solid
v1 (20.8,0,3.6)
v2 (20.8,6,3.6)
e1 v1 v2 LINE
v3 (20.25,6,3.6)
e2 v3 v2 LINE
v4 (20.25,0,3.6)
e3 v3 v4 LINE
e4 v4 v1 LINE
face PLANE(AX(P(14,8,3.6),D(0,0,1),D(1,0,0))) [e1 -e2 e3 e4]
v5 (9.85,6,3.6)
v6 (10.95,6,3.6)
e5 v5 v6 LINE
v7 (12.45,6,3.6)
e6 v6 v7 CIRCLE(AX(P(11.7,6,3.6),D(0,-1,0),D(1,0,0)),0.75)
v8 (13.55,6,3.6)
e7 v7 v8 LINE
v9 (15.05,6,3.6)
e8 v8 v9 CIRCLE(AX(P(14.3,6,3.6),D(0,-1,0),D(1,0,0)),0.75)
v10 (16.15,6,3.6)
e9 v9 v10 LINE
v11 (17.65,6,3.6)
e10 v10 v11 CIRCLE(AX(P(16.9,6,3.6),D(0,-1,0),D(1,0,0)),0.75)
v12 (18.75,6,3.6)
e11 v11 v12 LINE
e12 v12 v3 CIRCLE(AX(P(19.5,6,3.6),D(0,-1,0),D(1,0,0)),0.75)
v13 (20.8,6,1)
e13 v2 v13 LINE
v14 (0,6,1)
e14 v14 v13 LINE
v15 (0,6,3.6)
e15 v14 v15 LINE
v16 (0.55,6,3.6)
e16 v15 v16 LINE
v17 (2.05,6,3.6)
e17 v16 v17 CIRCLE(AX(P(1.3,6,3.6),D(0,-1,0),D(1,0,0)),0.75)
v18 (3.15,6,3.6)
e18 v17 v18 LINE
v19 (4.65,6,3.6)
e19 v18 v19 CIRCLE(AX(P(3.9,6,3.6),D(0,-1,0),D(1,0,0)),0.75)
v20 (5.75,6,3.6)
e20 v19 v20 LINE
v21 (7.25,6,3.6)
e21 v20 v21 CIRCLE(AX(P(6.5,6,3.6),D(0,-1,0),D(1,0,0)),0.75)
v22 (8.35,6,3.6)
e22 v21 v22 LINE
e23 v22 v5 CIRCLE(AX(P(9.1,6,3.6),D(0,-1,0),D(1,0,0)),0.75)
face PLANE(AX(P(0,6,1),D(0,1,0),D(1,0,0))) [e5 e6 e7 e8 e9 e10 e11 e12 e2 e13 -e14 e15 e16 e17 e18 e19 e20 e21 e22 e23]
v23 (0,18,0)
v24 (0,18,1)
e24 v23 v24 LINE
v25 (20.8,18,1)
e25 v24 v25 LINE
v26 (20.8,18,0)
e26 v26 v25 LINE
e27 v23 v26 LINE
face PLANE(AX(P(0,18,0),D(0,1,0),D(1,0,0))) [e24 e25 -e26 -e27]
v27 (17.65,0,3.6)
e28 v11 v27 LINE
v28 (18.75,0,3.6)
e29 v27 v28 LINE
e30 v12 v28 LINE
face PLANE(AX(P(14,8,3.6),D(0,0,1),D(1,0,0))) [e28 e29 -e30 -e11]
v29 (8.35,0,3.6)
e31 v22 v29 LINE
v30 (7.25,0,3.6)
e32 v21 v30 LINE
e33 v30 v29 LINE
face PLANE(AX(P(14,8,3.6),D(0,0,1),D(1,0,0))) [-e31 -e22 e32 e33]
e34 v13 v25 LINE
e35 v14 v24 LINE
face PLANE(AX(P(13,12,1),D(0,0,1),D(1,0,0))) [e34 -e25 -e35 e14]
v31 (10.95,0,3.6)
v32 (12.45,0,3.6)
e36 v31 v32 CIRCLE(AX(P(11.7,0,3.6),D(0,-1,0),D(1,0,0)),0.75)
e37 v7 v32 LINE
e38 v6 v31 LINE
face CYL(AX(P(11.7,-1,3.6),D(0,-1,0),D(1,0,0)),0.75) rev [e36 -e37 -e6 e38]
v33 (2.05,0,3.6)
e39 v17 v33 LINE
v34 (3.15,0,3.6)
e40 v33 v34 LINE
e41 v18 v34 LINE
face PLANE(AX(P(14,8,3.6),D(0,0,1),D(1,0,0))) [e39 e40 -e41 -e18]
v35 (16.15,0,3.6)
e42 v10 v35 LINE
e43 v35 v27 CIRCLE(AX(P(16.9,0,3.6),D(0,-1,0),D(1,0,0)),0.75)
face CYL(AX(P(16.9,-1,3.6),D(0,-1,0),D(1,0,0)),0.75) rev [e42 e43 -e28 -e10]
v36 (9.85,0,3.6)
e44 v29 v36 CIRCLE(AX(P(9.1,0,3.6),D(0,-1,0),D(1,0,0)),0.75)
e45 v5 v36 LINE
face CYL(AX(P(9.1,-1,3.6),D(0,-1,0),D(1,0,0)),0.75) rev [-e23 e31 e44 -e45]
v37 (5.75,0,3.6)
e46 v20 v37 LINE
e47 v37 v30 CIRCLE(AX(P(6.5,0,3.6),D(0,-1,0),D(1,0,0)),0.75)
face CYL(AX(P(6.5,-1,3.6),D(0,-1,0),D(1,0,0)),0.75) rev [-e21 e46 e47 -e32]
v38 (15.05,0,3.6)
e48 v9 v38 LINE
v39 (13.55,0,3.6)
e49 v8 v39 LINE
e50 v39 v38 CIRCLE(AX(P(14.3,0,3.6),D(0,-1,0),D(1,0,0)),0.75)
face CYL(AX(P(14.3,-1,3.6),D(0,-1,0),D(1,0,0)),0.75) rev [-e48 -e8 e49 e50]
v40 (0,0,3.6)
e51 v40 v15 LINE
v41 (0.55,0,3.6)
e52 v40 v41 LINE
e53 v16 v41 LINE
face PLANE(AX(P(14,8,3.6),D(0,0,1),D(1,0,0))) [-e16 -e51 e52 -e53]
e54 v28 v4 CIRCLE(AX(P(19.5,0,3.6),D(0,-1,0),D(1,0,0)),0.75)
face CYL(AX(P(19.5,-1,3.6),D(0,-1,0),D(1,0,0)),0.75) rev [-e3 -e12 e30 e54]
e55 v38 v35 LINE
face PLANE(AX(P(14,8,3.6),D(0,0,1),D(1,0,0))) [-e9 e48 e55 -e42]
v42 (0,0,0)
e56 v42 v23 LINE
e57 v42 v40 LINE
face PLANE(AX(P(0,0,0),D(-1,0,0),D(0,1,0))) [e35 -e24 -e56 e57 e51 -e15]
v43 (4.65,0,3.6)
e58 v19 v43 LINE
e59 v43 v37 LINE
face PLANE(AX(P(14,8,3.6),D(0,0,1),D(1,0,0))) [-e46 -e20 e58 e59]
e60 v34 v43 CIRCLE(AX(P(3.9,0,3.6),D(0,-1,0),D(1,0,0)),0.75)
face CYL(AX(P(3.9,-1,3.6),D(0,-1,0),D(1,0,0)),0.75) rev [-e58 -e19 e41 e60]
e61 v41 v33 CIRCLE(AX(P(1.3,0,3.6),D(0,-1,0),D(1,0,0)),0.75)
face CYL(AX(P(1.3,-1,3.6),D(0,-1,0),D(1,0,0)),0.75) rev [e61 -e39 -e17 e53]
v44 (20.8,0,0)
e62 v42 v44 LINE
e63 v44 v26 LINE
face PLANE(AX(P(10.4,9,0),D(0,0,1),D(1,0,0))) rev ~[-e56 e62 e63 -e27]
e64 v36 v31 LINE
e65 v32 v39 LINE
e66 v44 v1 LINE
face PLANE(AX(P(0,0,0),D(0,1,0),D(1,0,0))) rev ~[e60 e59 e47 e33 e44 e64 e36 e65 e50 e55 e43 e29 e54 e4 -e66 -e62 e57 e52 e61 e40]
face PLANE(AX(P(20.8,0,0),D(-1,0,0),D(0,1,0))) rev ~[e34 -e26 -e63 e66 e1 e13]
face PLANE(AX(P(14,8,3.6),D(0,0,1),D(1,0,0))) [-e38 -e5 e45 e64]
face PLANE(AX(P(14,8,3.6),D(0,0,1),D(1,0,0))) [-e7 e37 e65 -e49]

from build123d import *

# Parameters (mm, degrees)
BOX022_W          = 30
BOX022_H          = 20
BOX022_DEPTH      = 9.2
BOX011_W          = 26
BOX011_H          = 12
BOX011_DEPTH      = 5.2
CYLINDER005_R     = 0.75
CYLINDER005_DEPTH = 7
ARRAY005_X_COUNT  = 8
ARRAY005_X_PITCH  = 2.6
ARRAY005_Y_COUNT  = 2
ARRAY005_Y_PITCH  = 1
BOX010_W          = 20.8
BOX010_H          = 18
BOX010_DEPTH      = 7.2


with BuildPart() as cortador006:
    # Box022 → Box022 (new body)
    with BuildSketch(Plane(origin=(-1, -2, 3.6), x_dir=(1, 0, 0), z_dir=(0, 0, 1))):
        with Locations((15, 10)):
            Rectangle(BOX022_W, BOX022_H)
    extrude(amount=BOX022_DEPTH)


with BuildPart() as cube_10_base007:
    # Box011 → Box011 (new body)
    with BuildSketch(Plane(origin=(0, 6, 1), x_dir=(1, 0, 0), z_dir=(0, 0, 1))):
        with Locations((13, 6)):
            Rectangle(BOX011_W, BOX011_H)
    extrude(amount=BOX011_DEPTH)


with BuildPart() as array005:
    # Cylinder005 → Cylinder005 (new body)
    with BuildSketch(Plane(origin=(1.3, -1, 3.6), x_dir=(1, 0, 0), z_dir=(0, 1, 0))):
        Circle(CYLINDER005_R)
    extrude(amount=CYLINDER005_DEPTH)

    # Array005 X: Array005 ×8


with BuildPart() as array005_1:
    add(array005.part)
    with Locations(*[(i * ARRAY005_X_PITCH, 0, 0) for i in range(1, ARRAY005_X_COUNT)]):
        add(array005.part)

    # Array005 Y: Array005 ×2


with BuildPart() as array005_2:
    add(array005_1.part)
    with Locations(*[(0, i * ARRAY005_Y_PITCH, 0) for i in range(1, ARRAY005_Y_COUNT)]):
        add(array005_1.part)


with BuildPart() as bloque8_abajo:
    # Box010 → Box010 (new body)
    with BuildSketch(Plane.XY):
        with Locations((10.4, 9)):
            Rectangle(BOX010_W, BOX010_H)
    extrude(amount=BOX010_DEPTH)

    # Cut011: cut Array005
    add(array005_2.part, mode=Mode.SUBTRACT)

    # Cut010: cut cube_10_base007
    add(cube_10_base007.part, mode=Mode.SUBTRACT)

    # Cut021: cut cortador006
    add(cortador006.part, mode=Mode.SUBTRACT)


solid = bloque8_abajo.part
